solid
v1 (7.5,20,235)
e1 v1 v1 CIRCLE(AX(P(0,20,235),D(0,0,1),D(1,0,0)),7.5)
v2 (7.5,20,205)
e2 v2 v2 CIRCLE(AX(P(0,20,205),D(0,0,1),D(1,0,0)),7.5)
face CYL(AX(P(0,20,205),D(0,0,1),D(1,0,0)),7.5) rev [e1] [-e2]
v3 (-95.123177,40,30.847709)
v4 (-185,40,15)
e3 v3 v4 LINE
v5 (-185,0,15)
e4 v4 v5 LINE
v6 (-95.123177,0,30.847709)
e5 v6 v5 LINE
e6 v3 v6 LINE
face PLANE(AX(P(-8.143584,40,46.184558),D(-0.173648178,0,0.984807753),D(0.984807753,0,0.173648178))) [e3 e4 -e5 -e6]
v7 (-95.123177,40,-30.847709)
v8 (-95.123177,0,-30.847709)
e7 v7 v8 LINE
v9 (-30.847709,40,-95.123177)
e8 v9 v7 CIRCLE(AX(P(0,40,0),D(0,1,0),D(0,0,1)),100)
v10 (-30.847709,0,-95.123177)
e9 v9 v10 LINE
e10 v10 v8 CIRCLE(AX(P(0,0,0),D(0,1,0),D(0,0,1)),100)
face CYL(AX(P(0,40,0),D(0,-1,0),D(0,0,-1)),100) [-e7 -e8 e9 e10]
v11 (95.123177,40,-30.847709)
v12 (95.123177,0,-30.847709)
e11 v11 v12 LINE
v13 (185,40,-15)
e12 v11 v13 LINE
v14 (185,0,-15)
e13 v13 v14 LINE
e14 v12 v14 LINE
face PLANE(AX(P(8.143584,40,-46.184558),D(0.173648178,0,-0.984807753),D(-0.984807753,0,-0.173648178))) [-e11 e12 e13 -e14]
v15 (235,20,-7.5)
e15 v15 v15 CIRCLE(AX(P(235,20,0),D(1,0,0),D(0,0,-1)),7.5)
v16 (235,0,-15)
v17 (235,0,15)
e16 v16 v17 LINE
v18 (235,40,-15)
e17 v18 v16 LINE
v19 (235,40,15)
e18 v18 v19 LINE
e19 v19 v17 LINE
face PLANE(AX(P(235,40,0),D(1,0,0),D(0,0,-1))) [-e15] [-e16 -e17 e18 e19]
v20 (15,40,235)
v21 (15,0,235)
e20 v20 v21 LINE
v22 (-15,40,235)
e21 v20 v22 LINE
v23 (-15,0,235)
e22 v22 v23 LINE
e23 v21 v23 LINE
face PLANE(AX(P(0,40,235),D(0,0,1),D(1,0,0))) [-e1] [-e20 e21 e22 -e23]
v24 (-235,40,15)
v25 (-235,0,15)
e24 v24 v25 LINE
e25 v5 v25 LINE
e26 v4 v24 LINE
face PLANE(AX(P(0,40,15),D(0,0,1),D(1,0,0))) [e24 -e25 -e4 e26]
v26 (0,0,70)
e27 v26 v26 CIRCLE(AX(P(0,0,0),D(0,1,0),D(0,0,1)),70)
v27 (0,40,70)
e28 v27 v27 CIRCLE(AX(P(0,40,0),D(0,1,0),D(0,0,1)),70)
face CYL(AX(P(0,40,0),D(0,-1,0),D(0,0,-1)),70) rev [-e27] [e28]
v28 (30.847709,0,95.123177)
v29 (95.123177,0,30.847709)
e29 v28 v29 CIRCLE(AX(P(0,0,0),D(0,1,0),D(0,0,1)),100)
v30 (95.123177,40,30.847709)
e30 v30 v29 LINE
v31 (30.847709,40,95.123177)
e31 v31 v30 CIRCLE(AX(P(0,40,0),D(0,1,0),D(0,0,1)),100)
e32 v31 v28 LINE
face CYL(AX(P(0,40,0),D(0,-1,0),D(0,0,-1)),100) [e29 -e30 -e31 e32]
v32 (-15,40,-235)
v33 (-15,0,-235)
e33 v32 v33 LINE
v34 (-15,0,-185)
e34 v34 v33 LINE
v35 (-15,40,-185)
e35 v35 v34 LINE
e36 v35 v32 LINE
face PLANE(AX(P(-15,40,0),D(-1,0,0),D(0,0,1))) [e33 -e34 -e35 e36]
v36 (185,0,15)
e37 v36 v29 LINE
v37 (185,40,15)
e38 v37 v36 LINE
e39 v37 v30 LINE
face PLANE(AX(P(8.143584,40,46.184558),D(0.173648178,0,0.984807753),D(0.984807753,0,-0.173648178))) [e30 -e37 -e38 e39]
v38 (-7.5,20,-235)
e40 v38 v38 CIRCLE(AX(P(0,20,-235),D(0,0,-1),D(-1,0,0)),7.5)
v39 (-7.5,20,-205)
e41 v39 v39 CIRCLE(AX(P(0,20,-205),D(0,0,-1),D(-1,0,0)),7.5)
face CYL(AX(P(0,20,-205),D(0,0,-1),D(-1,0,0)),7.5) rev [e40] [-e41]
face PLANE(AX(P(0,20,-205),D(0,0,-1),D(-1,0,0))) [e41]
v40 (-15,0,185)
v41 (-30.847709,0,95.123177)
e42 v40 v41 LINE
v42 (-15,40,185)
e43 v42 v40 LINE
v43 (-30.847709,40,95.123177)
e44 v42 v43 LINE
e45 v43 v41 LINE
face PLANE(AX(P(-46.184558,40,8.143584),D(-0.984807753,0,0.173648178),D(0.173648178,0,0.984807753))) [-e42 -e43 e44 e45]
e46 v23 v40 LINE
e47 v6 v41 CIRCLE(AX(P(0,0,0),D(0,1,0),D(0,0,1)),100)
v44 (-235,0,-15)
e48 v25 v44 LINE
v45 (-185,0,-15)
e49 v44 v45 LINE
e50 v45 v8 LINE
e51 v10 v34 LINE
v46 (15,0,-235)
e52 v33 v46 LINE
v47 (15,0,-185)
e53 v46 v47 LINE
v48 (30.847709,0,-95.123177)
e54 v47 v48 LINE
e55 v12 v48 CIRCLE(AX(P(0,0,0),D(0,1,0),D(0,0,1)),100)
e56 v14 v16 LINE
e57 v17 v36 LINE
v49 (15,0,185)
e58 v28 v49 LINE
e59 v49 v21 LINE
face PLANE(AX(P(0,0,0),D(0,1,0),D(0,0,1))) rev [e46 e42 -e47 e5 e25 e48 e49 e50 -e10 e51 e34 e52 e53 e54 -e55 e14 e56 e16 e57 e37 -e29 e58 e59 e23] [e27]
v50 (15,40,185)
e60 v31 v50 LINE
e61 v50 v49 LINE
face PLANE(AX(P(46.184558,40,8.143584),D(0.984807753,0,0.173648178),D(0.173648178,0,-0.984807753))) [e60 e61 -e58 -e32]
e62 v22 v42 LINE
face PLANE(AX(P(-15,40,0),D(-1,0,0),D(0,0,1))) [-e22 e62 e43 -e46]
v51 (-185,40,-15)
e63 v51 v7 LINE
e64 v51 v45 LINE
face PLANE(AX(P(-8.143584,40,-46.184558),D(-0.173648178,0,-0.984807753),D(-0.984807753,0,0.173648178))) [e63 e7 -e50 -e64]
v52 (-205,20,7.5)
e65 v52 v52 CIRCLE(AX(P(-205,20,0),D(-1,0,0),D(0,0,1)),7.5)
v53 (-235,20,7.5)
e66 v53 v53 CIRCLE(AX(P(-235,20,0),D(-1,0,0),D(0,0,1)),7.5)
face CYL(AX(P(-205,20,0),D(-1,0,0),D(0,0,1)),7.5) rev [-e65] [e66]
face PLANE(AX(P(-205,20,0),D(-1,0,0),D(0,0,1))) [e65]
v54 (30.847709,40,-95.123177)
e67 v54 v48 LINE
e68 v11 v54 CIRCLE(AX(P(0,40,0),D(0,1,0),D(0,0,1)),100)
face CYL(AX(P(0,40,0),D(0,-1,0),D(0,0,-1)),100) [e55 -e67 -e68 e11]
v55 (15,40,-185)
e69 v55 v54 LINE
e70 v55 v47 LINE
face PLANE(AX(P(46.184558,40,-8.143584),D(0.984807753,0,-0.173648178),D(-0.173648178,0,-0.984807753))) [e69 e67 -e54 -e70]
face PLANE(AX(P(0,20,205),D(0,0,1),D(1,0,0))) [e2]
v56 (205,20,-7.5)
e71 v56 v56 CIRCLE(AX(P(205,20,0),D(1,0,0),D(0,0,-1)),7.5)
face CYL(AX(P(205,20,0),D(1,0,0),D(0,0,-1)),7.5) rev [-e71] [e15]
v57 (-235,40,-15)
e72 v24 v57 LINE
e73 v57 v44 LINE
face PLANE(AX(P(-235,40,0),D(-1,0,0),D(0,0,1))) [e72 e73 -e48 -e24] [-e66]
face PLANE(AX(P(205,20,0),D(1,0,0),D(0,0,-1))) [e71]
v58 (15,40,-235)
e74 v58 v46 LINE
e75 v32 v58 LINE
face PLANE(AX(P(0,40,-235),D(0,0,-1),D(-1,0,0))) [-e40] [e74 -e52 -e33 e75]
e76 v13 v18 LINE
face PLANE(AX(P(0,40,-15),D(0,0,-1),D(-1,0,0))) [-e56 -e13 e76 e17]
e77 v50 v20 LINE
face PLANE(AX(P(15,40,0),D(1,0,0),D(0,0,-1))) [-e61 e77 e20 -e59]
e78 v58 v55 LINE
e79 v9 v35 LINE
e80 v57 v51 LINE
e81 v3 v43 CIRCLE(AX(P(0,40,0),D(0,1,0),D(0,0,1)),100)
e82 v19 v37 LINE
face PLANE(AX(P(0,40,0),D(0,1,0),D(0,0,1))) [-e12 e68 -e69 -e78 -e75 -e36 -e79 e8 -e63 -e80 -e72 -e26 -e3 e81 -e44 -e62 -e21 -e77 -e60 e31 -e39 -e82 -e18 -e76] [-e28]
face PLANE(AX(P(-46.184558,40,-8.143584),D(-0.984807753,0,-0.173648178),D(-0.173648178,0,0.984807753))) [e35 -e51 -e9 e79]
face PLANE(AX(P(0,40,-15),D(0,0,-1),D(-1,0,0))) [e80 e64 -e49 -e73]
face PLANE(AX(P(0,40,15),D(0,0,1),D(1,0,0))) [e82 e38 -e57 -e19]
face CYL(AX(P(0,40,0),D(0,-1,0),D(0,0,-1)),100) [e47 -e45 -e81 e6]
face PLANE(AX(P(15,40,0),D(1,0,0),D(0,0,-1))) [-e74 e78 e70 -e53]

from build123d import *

# Parameters (mm, degrees)
SKETCH1_R           = 70
BOSS_EXTRUDE1_DEPTH = 40
SKETCH2_R           = 7.5
CUT_EXTRUDE1_DEPTH  = 30
CIRPATTERN1_COUNT   = 4


with BuildPart() as part:
    # Sketch1 → Boss-Extrude1 (new body)
    with BuildSketch(Plane(origin=(0, 0, 0), x_dir=(1, 0, 0), z_dir=(0, 1, 0))):
        with BuildLine():
            Line((95.123177318, 30.847708779), (185, 15))
            Line((185, 15), (235, 15))
            Line((235, 15), (235, -15))
            Line((235, -15), (185, -15))
            Line((185, -15), (95.123177318, -30.847708779))
            ThreePointArc((95.123177318, -30.847708779), (70.710678119, -70.710678119), (30.847708779, -95.123177318))
            Line((30.847708779, -95.123177318), (15, -185))
            Line((15, -185), (15, -235))
            Line((15, -235), (-15, -235))
            Line((-15, -235), (-15, -185))
            Line((-15, -185), (-30.847708779, -95.123177318))
            ThreePointArc((-30.847708779, -95.123177318), (-70.710678119, -70.710678119), (-95.123177318, -30.847708779))
            Line((-95.123177318, -30.847708779), (-185, -15))
            Line((-185, -15), (-235, -15))
            Line((-235, -15), (-235, 15))
            Line((-235, 15), (-185, 15))
            Line((-185, 15), (-95.123177318, 30.847708779))
            ThreePointArc((-95.123177318, 30.847708779), (-70.710678119, 70.710678119), (-30.847708779, 95.123177318))
            Line((-30.847708779, 95.123177318), (-15, 185))
            Line((-15, 185), (-15, 235))
            Line((-15, 235), (15, 235))
            Line((15, 235), (15, 185))
            Line((15, 185), (30.847708779, 95.123177318))
            ThreePointArc((30.847708779, 95.123177318), (70.710678119, 70.710678119), (95.123177318, 30.847708779))
        make_face()
        Circle(SKETCH1_R, mode=Mode.SUBTRACT)
    extrude(amount=BOSS_EXTRUDE1_DEPTH)

    # Sketch2 → Cut-Extrude1 (cut)
    with BuildSketch(Plane.XY.offset(235)):
        with Locations((0, 20)):
            Circle(SKETCH2_R)
    cut_extrude1 = extrude(amount=-CUT_EXTRUDE1_DEPTH, mode=Mode.SUBTRACT)

    # CirPattern1: Cut-Extrude1 ×4 about axis
    cirpattern1_axis = Axis((0, 0, 0), (0, 1, 0))
    for i in range(1, CIRPATTERN1_COUNT):
        add(cut_extrude1.rotate(cirpattern1_axis, i * 360 / CIRPATTERN1_COUNT), mode=Mode.SUBTRACT)


solid = part.part
